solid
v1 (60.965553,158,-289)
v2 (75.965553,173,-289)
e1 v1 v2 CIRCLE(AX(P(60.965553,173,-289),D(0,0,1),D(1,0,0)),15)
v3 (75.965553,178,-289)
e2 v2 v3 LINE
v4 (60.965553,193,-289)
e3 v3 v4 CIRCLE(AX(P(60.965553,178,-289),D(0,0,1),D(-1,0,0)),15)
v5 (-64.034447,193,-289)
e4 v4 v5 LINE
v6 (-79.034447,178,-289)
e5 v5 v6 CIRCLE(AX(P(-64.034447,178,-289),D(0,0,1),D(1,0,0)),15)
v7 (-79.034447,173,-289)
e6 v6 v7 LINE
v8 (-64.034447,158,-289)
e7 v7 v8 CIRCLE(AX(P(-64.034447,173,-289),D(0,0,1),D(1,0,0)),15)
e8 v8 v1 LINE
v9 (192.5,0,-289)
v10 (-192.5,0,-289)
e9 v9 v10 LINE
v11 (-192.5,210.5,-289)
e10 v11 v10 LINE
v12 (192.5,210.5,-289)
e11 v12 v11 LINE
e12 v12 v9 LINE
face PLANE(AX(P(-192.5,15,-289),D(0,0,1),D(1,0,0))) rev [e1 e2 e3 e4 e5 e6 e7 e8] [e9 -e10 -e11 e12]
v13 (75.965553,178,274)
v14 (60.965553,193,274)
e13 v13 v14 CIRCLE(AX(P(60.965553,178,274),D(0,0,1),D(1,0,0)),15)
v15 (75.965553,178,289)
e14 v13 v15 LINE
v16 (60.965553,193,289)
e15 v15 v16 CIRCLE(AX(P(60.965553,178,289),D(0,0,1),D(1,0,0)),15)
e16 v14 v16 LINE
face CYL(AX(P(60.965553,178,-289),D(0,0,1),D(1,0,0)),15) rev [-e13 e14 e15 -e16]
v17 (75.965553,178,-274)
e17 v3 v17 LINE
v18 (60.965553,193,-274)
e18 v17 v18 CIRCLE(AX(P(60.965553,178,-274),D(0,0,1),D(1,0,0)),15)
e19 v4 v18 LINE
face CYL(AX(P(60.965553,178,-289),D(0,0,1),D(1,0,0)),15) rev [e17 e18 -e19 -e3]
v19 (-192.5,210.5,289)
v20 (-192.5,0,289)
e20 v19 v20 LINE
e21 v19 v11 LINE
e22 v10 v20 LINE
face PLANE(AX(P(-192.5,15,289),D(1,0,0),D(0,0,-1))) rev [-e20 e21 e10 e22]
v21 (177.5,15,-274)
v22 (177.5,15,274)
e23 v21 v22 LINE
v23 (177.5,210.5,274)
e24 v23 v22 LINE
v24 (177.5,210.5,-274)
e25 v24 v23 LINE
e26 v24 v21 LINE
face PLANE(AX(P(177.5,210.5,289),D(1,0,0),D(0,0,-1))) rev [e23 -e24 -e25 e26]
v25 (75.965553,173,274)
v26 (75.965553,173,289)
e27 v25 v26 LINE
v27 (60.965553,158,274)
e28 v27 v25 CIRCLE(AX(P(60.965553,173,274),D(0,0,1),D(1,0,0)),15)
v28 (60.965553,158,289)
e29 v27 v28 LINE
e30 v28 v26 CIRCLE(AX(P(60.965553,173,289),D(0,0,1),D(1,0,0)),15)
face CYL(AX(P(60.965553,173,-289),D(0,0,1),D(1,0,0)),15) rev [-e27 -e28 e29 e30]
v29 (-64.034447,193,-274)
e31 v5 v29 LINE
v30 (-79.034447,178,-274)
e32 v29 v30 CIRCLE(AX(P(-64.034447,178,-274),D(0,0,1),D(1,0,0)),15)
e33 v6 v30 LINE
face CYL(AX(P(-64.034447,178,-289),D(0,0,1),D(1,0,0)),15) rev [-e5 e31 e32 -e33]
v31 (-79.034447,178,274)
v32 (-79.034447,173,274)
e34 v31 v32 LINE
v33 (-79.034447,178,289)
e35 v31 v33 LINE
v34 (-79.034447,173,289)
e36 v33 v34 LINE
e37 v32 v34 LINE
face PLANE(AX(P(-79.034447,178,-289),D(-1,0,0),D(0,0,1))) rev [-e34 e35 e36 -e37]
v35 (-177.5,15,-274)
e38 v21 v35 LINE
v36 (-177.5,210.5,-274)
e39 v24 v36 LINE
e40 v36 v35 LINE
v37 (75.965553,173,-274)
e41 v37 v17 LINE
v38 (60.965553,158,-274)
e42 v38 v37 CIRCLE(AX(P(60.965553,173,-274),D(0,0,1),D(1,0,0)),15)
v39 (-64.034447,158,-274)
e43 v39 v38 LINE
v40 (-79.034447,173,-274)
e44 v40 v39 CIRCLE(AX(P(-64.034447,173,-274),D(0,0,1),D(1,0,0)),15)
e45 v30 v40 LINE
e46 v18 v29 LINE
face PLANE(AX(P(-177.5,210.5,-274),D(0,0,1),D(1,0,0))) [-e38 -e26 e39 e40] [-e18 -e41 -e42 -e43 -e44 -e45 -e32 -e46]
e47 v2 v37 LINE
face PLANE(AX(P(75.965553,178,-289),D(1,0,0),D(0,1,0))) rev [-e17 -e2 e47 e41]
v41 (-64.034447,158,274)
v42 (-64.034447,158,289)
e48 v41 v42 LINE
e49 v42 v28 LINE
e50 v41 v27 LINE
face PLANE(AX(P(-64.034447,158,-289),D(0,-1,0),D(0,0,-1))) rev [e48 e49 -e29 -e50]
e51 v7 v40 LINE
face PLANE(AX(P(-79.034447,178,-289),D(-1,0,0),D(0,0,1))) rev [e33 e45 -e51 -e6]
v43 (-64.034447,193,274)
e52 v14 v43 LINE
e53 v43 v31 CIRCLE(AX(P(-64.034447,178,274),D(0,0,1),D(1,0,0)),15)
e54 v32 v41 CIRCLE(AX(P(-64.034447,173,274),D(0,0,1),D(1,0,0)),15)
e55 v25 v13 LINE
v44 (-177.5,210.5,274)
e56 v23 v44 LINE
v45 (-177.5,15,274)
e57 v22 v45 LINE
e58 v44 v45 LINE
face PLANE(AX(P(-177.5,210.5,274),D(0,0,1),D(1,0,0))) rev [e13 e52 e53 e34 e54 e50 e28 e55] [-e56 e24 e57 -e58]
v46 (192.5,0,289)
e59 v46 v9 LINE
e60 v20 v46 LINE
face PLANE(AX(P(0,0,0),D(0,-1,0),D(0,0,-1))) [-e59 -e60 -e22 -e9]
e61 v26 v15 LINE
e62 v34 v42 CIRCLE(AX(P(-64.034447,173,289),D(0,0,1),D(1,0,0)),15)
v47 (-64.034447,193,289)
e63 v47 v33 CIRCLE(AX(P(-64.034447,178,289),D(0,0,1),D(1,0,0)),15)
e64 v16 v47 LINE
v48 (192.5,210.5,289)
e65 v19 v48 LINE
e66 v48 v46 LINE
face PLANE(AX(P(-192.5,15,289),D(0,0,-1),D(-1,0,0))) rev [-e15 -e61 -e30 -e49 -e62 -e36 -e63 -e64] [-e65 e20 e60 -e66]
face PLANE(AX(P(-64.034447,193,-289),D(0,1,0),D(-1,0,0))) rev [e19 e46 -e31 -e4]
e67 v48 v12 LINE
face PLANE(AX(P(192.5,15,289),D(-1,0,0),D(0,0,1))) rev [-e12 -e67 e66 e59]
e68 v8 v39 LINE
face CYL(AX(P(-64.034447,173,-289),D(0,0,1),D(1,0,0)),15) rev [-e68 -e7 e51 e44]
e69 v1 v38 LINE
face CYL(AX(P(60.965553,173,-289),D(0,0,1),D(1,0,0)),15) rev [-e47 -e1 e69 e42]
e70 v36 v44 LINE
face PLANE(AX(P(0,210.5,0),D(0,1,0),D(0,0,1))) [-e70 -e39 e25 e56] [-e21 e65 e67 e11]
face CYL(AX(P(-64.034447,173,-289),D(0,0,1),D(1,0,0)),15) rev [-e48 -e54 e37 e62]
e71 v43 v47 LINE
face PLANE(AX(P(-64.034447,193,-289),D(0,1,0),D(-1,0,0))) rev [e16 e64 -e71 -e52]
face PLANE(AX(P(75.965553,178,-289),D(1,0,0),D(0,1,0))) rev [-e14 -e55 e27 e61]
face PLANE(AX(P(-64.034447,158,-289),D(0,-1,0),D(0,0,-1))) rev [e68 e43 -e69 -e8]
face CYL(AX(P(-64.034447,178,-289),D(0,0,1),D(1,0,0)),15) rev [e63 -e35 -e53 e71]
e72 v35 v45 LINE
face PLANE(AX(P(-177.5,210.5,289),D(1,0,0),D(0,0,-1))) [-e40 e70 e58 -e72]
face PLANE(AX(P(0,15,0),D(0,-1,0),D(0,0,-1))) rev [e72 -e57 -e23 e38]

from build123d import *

# Parameters (mm, degrees)
SKETCH1_W               = 385
SKETCH1_H               = 578
BOSS_EXTRUDE1_DEPTH     = 15
SKETCH2_W               = 15
SKETCH2_H               = 578
BOSS_EXTRUDE2_DEPTH     = 195.5
SKETCH3_W               = 355
SKETCH3_H               = 15
BOSS_EXTRUDE3_DEPTH     = 195.5
CUT_EXTRUDE1_DEPTH      = 645.554497308
CUT_EXTRUDE1_DEPTH_BACK = 645.554497308


with BuildPart() as part:
    # Sketch1 → Boss-Extrude1 (new body)
    with BuildSketch(Plane(origin=(0, 0, 0), x_dir=(1, 0, 0), z_dir=(0, 1, 0))):
        Rectangle(SKETCH1_W, SKETCH1_H)
    extrude(amount=BOSS_EXTRUDE1_DEPTH)

    # Sketch2 → Boss-Extrude2 (add)
    with BuildSketch(Plane(origin=(0, 15, 0), x_dir=(1, 0, 0), z_dir=(0, 1, 0))):
        with Locations((185, 0)):
            Rectangle(SKETCH2_W, SKETCH2_H)
    boss_extrude2 = extrude(amount=BOSS_EXTRUDE2_DEPTH)

    # Mirror1: Boss-Extrude2 across plane
    add(boss_extrude2.mirror(Plane(origin=(0, 0, 0), x_dir=(0, 0, 1), z_dir=(1, 0, 0))))

    # Sketch3 → Boss-Extrude3 (add)
    with BuildSketch(Plane(origin=(0, 15, 0), x_dir=(1, 0, 0), z_dir=(0, 1, 0))):
        with Locations((0, -281.5)):
            Rectangle(SKETCH3_W, SKETCH3_H)
    boss_extrude3 = extrude(amount=BOSS_EXTRUDE3_DEPTH)

    # Mirror2: Boss-Extrude3 across plane
    add(boss_extrude3.mirror(Plane.XY))

    # Sketch4 → Cut-Extrude1 (cut, two sides: drawn at the far end of the back side and taken through both)
    with BuildSketch(Plane.XY.offset(289).offset(-CUT_EXTRUDE1_DEPTH_BACK)):
        with BuildLine():
            Line((-64.034446869, 193), (60.965553131, 193))
            ThreePointArc((60.965553131, 193), (71.572154849, 188.606601718), (75.965553131, 178))
            Line((75.965553131, 178), (75.965553131, 173))
            ThreePointArc((75.965553131, 173), (71.572154849, 162.393398282), (60.965553131, 158))
            Line((60.965553131, 158), (-64.034446869, 158))
            ThreePointArc((-64.034446869, 158), (-74.641048586, 162.393398282), (-79.034446869, 173))
            Line((-79.034446869, 173), (-79.034446869, 178))
            ThreePointArc((-79.034446869, 178), (-74.641048586, 188.606601718), (-64.034446869, 193))
        make_face()
    extrude(amount=CUT_EXTRUDE1_DEPTH + CUT_EXTRUDE1_DEPTH_BACK, mode=Mode.SUBTRACT)


solid = part.part
